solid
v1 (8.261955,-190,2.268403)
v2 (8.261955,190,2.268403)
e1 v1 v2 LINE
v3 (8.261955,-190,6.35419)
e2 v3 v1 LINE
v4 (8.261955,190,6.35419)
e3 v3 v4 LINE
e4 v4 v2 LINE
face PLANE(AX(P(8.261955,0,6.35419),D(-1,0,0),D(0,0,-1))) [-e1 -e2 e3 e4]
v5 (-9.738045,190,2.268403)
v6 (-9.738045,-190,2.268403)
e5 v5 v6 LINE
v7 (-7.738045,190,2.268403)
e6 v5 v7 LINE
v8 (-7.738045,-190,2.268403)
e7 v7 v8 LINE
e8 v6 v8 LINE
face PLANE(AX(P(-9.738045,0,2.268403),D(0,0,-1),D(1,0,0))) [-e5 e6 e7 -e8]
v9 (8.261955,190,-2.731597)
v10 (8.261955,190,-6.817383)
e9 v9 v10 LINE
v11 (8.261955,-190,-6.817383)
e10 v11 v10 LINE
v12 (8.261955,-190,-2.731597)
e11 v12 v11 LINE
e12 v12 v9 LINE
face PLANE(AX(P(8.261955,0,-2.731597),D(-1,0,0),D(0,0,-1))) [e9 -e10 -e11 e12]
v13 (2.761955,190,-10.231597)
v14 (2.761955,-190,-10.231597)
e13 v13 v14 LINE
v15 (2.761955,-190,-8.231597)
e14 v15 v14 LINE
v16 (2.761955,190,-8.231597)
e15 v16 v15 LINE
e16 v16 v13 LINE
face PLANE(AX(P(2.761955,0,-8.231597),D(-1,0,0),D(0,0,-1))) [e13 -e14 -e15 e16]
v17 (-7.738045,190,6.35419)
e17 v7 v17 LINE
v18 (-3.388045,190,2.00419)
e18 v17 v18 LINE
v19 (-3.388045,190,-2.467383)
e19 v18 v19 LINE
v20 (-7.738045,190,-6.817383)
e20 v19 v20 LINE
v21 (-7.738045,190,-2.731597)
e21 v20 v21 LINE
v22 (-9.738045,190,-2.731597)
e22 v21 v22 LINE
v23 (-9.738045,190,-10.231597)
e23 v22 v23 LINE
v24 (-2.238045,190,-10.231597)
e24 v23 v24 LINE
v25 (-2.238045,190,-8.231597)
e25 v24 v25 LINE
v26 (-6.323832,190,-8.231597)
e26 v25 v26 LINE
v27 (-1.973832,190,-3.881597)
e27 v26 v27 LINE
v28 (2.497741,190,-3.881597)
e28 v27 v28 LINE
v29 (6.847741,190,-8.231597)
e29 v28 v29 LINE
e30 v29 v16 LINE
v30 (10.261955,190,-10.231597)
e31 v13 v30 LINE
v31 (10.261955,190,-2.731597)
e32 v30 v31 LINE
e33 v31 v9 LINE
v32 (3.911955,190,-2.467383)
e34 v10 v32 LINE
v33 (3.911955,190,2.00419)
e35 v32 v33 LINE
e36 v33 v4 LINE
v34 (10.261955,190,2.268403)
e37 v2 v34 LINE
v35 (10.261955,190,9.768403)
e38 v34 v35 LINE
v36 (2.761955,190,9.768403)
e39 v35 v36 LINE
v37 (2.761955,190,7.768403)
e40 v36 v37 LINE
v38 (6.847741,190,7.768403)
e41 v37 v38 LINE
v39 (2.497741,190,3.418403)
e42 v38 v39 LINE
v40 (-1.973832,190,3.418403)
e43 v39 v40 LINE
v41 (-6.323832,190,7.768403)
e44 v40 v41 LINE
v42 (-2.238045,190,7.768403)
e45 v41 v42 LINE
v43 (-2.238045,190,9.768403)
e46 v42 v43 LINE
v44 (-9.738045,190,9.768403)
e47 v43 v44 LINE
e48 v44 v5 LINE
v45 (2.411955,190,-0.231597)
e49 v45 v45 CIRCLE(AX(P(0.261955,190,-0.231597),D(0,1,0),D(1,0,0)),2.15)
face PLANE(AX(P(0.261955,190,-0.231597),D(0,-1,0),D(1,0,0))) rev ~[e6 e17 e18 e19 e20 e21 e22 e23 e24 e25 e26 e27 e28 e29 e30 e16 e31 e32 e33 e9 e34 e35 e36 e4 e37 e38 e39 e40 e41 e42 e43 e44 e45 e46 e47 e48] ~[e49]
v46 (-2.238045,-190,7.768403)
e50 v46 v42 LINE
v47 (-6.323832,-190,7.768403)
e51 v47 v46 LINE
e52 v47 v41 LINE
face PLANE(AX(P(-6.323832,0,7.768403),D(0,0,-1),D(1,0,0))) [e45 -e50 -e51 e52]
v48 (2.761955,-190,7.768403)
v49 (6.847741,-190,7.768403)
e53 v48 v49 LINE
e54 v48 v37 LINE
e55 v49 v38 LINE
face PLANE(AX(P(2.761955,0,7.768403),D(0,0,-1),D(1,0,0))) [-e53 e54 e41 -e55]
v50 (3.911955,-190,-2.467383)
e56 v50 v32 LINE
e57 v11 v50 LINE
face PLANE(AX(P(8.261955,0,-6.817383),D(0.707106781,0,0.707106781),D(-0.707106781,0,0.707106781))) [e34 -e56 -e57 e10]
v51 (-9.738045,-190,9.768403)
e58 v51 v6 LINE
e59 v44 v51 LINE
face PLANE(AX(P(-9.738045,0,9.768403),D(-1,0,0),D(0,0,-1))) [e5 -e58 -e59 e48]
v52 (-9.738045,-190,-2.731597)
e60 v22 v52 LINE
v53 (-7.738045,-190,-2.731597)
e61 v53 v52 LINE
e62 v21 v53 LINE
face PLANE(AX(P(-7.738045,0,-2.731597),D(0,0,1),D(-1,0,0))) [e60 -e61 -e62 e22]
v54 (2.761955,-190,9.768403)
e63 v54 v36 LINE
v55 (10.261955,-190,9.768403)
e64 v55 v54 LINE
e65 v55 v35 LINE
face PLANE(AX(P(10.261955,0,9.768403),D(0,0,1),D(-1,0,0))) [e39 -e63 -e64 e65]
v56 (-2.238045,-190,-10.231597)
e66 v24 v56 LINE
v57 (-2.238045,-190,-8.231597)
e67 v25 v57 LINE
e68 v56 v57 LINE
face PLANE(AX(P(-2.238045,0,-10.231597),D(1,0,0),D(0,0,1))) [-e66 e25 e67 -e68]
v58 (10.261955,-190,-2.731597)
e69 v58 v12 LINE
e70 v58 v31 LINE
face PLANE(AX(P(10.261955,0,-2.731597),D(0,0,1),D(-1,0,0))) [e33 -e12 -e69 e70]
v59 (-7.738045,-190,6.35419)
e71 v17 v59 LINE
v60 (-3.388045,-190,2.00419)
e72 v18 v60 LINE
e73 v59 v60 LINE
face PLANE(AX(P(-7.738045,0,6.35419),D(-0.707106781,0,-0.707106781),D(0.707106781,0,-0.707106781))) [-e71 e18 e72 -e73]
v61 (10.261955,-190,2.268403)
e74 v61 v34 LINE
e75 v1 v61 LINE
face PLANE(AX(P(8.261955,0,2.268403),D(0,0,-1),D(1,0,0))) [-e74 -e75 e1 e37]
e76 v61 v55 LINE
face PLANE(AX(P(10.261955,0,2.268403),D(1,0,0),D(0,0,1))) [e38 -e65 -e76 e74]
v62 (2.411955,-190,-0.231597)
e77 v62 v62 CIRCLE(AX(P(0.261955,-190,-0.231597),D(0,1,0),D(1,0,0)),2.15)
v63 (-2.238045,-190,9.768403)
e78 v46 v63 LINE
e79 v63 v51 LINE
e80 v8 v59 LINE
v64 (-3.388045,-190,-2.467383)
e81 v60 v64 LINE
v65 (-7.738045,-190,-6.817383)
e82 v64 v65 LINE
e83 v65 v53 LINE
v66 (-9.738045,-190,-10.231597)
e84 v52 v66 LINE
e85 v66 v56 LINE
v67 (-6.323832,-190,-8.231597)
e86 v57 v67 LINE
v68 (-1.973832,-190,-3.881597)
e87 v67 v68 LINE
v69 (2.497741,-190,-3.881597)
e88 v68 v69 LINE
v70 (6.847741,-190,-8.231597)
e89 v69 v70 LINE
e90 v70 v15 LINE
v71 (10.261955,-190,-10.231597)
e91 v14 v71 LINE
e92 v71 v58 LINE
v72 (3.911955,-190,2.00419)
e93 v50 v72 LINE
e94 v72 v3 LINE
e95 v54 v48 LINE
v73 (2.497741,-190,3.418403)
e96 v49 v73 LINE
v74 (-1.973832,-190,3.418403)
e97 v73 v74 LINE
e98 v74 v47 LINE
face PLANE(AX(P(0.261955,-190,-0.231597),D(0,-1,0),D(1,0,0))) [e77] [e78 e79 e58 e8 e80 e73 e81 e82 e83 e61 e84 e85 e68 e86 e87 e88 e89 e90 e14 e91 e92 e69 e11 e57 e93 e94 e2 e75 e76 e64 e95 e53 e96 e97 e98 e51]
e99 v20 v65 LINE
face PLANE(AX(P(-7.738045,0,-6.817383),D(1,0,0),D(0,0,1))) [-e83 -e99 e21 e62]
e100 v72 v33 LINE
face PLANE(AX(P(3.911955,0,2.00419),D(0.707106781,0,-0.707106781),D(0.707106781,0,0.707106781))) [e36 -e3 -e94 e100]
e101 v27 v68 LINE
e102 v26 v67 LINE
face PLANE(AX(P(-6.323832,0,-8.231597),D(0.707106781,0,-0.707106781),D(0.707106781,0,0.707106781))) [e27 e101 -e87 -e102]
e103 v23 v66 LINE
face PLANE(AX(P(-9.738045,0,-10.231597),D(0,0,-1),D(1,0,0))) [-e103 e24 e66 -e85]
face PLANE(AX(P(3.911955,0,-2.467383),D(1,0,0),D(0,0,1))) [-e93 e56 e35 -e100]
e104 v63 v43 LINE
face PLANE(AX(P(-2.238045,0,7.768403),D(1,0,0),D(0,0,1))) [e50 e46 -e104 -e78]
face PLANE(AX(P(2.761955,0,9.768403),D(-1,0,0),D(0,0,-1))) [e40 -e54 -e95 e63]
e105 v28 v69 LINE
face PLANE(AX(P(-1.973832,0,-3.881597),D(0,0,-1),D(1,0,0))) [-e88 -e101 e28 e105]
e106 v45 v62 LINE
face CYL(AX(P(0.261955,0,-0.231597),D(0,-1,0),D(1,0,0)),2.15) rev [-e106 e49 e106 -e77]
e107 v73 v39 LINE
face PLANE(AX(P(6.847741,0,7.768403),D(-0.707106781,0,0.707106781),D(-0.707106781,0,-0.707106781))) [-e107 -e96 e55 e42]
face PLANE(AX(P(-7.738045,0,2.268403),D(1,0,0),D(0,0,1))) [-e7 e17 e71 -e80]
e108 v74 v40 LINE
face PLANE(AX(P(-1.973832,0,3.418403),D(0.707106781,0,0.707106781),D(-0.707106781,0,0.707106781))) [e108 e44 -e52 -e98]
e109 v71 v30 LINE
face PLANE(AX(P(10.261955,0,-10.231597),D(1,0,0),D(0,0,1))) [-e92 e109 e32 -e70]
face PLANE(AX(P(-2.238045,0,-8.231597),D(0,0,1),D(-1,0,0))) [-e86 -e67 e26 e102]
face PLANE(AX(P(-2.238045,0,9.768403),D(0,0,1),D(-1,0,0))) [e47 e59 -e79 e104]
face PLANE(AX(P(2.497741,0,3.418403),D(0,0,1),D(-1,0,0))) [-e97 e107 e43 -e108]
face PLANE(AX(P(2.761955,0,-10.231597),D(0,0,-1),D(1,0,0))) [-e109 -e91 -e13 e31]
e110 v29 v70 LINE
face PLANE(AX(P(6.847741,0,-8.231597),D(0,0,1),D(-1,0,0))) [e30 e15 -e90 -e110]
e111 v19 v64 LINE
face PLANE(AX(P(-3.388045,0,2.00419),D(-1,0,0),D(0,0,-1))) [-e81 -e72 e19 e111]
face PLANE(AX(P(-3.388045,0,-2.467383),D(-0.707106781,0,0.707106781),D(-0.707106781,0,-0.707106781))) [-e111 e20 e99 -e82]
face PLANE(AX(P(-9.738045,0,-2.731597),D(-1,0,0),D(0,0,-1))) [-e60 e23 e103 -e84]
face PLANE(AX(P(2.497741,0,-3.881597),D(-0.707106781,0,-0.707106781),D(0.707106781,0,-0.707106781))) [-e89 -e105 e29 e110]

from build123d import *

# Parameters (mm, degrees)
F1_DEPTH      = 190
F1_DEPTH_BACK = 190


with BuildPart() as f1:
    # F0 (on Front) → F1 (new body, two sides)
    with BuildSketch(Plane.XZ) as f1_sk:
        Polygon((-2.238045, 9.768403), (-9.738045, 9.768403), (-9.738045, 2.268403), (-7.738045, 2.268403), (-7.738045, 6.35419), (-3.388045, 2.00419), (-3.388045, -0.231597), (-3.388045, -2.467383), (-7.738045, -6.817383), (-7.738045, -2.731597), (-9.738045, -2.731597), (-9.738045, -10.231597), (-2.238045, -10.231597), (-2.238045, -8.231597), (-6.323832, -8.231597), (-1.973832, -3.881597), (2.497741, -3.881597), (6.847741, -8.231597), (2.761955, -8.231597), (2.761955, -10.231597), (10.261955, -10.231597), (10.261955, -2.731597), (8.261955, -2.731597), (8.261955, -6.817383), (3.911955, -2.467383), (3.911955, -0.231597), (3.911955, 2.00419), (8.261955, 6.35419), (8.261955, 2.268403), (10.261955, 2.268403), (10.261955, 9.768403), (2.761955, 9.768403), (2.761955, 7.768403), (6.847741, 7.768403), (2.497741, 3.418403), (-1.973832, 3.418403), (-6.323832, 7.768403), (-2.238045, 7.768403), align=None)
        with BuildLine():
            ThreePointArc((-1.888045, -0.231597), (0.261955, 1.918403), (2.411955, -0.231597))
            ThreePointArc((2.411955, -0.231597), (0.261955, -2.381597), (-1.888045, -0.231597))
        make_face(mode=Mode.SUBTRACT)
    extrude(amount=F1_DEPTH)
    extrude(f1_sk.sketch, amount=-F1_DEPTH_BACK)


solid = f1.part
